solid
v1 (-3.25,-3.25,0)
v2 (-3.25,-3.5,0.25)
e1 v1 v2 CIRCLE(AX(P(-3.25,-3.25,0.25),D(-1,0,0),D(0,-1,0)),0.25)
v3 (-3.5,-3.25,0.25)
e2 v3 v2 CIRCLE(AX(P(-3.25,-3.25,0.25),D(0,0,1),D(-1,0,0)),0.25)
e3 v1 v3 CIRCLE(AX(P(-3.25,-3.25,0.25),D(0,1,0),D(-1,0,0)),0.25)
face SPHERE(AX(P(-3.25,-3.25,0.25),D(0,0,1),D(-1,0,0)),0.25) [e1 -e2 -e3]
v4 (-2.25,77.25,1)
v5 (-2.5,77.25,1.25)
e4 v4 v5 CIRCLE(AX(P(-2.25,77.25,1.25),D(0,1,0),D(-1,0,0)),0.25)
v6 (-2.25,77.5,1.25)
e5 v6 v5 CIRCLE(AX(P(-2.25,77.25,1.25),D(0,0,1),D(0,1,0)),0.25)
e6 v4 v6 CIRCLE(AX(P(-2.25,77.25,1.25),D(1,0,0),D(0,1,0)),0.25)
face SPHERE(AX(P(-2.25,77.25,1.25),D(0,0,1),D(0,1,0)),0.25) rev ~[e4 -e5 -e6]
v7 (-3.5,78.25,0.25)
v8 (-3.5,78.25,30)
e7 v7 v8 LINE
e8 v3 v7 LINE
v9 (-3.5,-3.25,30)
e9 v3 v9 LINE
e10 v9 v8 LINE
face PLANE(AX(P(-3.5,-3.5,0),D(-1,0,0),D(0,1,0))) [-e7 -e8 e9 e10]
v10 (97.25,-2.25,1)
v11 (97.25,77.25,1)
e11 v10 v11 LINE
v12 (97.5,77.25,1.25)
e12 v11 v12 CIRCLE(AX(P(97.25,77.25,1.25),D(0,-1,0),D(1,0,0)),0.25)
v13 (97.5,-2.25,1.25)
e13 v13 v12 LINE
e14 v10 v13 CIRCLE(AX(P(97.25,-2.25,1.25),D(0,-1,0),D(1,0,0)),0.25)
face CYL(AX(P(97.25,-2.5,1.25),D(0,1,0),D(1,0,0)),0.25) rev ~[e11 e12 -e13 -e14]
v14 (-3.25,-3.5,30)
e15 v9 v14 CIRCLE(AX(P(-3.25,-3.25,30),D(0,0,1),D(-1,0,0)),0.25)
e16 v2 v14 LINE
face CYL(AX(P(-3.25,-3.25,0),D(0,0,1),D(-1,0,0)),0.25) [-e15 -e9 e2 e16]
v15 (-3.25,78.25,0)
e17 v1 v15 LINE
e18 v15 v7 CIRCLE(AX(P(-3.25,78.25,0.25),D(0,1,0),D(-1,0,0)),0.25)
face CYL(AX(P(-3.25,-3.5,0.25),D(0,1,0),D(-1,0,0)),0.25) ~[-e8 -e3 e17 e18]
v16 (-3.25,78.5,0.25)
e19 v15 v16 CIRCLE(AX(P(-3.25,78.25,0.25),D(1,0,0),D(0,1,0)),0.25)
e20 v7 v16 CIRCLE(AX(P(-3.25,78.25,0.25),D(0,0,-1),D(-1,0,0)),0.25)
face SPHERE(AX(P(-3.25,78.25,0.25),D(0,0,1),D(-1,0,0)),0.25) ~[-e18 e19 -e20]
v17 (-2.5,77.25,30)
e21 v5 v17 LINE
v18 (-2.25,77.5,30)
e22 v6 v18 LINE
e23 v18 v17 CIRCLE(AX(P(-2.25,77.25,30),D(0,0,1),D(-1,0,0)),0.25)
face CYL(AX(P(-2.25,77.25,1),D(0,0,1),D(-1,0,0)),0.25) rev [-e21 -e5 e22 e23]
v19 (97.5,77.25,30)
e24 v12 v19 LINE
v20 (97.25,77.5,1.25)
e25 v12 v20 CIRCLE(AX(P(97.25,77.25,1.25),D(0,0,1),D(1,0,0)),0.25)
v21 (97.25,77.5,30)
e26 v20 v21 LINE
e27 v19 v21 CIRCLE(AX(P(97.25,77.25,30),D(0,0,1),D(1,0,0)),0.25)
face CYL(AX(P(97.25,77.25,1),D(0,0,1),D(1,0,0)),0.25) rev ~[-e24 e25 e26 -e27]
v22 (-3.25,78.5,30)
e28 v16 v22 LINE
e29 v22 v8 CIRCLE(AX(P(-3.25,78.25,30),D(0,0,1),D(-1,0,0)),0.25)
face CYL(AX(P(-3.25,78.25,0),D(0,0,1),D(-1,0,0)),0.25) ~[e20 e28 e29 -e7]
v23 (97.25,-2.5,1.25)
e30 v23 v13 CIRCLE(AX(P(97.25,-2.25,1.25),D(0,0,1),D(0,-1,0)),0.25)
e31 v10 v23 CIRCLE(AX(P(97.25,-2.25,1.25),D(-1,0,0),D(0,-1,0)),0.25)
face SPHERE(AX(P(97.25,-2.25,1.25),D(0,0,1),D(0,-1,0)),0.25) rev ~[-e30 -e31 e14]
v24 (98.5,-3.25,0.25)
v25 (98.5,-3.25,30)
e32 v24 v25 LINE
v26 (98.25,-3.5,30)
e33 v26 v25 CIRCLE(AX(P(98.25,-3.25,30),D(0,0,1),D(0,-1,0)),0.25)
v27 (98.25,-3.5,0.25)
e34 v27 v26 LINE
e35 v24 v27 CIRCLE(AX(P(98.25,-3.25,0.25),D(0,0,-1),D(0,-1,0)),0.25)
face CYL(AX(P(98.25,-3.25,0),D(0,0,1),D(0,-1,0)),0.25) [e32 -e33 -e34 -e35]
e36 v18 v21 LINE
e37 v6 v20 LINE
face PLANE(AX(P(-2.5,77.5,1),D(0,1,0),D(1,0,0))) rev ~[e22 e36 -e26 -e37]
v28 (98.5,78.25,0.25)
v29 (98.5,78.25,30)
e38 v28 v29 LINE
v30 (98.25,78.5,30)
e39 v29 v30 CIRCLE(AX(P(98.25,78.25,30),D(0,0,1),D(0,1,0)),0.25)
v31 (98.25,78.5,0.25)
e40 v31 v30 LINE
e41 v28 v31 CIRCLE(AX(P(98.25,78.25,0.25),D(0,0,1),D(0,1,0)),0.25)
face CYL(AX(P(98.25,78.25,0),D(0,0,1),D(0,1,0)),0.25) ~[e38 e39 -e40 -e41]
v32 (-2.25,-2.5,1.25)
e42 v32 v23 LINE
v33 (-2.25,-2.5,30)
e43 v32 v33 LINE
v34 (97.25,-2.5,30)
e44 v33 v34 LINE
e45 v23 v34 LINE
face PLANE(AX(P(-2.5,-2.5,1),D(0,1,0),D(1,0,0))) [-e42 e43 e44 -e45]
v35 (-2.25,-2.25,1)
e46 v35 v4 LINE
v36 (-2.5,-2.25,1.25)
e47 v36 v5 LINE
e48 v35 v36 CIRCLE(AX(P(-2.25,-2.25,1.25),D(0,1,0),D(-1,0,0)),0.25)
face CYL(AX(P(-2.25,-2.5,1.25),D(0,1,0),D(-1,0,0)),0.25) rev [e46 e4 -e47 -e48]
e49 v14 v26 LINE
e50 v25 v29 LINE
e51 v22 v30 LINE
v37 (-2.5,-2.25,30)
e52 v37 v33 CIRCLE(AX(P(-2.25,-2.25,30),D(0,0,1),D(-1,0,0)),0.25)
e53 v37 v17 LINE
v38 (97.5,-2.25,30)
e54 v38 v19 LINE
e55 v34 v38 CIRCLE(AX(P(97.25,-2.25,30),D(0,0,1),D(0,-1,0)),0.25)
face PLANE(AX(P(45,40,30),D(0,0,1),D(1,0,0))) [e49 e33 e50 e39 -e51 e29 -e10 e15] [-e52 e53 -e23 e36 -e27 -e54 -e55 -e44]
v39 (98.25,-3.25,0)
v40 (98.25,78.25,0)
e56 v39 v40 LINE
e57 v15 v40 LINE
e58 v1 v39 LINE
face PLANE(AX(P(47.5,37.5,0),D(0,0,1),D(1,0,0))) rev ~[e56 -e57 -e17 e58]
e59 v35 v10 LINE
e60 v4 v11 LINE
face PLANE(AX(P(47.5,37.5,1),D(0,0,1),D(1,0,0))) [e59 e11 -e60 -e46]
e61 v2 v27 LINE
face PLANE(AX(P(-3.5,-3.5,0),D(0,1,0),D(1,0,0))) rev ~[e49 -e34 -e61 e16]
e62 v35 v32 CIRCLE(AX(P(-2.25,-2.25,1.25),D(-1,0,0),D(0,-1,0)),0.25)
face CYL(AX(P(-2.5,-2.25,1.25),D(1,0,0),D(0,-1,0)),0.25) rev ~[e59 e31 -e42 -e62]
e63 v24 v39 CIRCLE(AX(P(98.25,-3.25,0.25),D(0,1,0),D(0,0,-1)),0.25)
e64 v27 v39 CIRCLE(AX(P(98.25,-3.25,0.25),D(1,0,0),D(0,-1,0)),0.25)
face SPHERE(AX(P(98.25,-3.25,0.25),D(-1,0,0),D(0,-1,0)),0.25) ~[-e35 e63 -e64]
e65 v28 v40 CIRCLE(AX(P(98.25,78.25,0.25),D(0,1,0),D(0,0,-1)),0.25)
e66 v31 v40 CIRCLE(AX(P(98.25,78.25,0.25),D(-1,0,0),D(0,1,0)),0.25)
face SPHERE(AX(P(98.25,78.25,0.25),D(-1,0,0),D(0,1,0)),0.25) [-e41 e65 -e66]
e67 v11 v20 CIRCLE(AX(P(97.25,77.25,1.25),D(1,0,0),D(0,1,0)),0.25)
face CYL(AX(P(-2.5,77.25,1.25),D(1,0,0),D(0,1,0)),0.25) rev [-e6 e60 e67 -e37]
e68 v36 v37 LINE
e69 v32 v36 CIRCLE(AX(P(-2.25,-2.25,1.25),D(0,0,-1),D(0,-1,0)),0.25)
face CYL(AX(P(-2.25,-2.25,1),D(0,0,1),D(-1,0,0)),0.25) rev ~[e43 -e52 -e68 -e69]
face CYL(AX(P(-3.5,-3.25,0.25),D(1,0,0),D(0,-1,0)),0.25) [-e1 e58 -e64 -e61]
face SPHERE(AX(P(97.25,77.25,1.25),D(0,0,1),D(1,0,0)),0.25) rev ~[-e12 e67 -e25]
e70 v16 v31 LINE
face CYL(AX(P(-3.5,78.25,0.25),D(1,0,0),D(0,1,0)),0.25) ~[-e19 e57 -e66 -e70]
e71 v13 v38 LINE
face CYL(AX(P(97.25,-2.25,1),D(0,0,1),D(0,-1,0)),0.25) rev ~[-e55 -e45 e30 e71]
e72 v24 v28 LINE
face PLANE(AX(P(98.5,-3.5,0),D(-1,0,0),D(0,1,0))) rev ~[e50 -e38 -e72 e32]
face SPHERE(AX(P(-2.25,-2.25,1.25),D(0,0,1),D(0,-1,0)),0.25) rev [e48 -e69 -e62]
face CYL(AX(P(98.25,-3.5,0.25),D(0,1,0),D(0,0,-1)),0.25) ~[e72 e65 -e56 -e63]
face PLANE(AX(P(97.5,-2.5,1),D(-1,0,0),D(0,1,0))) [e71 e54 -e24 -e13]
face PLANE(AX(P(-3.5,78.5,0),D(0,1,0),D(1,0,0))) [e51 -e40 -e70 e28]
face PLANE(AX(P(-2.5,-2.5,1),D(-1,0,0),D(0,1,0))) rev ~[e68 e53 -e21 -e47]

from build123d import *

# Parameters (mm, degrees)
BOX002_W     = 110
BOX002_H     = 100
BOX002_DEPTH = 20
BOX001_W     = 100
BOX001_H     = 80
BOX001_DEPTH = 50
BOX_W        = 102
BOX_H        = 82
BOX_DEPTH    = 50
FILLET_R     = 0.25


with BuildPart() as cube002:
    # Box002 → Box002 (new body)
    with BuildSketch(Plane(origin=(-10, -10, 30), x_dir=(1, 0, 0), z_dir=(0, 0, 1))):
        with Locations((55, 50)):
            Rectangle(BOX002_W, BOX002_H)
    extrude(amount=BOX002_DEPTH)


with BuildPart() as cube001:
    # Box001 → Box001 (new body)
    with BuildSketch(Plane(origin=(1, 1, 1), x_dir=(1, 0, 0), z_dir=(0, 0, 1))):
        with Locations((50, 40)):
            Rectangle(BOX001_W, BOX001_H)
    extrude(amount=BOX001_DEPTH)


with BuildPart() as box:
    # Box → Box (new body)
    with BuildSketch(Plane.XY):
        with Locations((51, 41)):
            Rectangle(BOX_W, BOX_H)
    extrude(amount=BOX_DEPTH)

    # Cut: cut Cube001
    add(cube001.part, mode=Mode.SUBTRACT)

    # Fillet
    fillet_edges = [box.edges().sort_by_distance(p)[0] for p in [
        (0, 0, 25),
        (0, 41, 50),
        (0, 82, 25),
        (0, 41, 0),
        (51, 0, 0),
        (102, 0, 25),
        (51, 0, 50),
        (51, 82, 50),
        (102, 41, 50),
        (51, 1, 50),
        (101, 41, 50),
        (51, 81, 50),
        (1, 41, 50),
        (51, 82, 0),
        (102, 82, 25),
        (102, 41, 0),
        (101, 1, 25.5),
        (1, 1, 25.5),
        (51, 1, 1),
        (101, 81, 25.5),
        (101, 41, 1),
        (1, 81, 25.5),
        (51, 81, 1),
        (1, 41, 1),
    ]]
    fillet(fillet_edges, radius=FILLET_R)


with BuildPart() as box_1:
    # Fillet placement: moved
    add(box.part.moved(Location((-3.5, -3.5, 0))))

    # Cut005: cut Cube002
    add(cube002.part, mode=Mode.SUBTRACT)


solid = box_1.part
